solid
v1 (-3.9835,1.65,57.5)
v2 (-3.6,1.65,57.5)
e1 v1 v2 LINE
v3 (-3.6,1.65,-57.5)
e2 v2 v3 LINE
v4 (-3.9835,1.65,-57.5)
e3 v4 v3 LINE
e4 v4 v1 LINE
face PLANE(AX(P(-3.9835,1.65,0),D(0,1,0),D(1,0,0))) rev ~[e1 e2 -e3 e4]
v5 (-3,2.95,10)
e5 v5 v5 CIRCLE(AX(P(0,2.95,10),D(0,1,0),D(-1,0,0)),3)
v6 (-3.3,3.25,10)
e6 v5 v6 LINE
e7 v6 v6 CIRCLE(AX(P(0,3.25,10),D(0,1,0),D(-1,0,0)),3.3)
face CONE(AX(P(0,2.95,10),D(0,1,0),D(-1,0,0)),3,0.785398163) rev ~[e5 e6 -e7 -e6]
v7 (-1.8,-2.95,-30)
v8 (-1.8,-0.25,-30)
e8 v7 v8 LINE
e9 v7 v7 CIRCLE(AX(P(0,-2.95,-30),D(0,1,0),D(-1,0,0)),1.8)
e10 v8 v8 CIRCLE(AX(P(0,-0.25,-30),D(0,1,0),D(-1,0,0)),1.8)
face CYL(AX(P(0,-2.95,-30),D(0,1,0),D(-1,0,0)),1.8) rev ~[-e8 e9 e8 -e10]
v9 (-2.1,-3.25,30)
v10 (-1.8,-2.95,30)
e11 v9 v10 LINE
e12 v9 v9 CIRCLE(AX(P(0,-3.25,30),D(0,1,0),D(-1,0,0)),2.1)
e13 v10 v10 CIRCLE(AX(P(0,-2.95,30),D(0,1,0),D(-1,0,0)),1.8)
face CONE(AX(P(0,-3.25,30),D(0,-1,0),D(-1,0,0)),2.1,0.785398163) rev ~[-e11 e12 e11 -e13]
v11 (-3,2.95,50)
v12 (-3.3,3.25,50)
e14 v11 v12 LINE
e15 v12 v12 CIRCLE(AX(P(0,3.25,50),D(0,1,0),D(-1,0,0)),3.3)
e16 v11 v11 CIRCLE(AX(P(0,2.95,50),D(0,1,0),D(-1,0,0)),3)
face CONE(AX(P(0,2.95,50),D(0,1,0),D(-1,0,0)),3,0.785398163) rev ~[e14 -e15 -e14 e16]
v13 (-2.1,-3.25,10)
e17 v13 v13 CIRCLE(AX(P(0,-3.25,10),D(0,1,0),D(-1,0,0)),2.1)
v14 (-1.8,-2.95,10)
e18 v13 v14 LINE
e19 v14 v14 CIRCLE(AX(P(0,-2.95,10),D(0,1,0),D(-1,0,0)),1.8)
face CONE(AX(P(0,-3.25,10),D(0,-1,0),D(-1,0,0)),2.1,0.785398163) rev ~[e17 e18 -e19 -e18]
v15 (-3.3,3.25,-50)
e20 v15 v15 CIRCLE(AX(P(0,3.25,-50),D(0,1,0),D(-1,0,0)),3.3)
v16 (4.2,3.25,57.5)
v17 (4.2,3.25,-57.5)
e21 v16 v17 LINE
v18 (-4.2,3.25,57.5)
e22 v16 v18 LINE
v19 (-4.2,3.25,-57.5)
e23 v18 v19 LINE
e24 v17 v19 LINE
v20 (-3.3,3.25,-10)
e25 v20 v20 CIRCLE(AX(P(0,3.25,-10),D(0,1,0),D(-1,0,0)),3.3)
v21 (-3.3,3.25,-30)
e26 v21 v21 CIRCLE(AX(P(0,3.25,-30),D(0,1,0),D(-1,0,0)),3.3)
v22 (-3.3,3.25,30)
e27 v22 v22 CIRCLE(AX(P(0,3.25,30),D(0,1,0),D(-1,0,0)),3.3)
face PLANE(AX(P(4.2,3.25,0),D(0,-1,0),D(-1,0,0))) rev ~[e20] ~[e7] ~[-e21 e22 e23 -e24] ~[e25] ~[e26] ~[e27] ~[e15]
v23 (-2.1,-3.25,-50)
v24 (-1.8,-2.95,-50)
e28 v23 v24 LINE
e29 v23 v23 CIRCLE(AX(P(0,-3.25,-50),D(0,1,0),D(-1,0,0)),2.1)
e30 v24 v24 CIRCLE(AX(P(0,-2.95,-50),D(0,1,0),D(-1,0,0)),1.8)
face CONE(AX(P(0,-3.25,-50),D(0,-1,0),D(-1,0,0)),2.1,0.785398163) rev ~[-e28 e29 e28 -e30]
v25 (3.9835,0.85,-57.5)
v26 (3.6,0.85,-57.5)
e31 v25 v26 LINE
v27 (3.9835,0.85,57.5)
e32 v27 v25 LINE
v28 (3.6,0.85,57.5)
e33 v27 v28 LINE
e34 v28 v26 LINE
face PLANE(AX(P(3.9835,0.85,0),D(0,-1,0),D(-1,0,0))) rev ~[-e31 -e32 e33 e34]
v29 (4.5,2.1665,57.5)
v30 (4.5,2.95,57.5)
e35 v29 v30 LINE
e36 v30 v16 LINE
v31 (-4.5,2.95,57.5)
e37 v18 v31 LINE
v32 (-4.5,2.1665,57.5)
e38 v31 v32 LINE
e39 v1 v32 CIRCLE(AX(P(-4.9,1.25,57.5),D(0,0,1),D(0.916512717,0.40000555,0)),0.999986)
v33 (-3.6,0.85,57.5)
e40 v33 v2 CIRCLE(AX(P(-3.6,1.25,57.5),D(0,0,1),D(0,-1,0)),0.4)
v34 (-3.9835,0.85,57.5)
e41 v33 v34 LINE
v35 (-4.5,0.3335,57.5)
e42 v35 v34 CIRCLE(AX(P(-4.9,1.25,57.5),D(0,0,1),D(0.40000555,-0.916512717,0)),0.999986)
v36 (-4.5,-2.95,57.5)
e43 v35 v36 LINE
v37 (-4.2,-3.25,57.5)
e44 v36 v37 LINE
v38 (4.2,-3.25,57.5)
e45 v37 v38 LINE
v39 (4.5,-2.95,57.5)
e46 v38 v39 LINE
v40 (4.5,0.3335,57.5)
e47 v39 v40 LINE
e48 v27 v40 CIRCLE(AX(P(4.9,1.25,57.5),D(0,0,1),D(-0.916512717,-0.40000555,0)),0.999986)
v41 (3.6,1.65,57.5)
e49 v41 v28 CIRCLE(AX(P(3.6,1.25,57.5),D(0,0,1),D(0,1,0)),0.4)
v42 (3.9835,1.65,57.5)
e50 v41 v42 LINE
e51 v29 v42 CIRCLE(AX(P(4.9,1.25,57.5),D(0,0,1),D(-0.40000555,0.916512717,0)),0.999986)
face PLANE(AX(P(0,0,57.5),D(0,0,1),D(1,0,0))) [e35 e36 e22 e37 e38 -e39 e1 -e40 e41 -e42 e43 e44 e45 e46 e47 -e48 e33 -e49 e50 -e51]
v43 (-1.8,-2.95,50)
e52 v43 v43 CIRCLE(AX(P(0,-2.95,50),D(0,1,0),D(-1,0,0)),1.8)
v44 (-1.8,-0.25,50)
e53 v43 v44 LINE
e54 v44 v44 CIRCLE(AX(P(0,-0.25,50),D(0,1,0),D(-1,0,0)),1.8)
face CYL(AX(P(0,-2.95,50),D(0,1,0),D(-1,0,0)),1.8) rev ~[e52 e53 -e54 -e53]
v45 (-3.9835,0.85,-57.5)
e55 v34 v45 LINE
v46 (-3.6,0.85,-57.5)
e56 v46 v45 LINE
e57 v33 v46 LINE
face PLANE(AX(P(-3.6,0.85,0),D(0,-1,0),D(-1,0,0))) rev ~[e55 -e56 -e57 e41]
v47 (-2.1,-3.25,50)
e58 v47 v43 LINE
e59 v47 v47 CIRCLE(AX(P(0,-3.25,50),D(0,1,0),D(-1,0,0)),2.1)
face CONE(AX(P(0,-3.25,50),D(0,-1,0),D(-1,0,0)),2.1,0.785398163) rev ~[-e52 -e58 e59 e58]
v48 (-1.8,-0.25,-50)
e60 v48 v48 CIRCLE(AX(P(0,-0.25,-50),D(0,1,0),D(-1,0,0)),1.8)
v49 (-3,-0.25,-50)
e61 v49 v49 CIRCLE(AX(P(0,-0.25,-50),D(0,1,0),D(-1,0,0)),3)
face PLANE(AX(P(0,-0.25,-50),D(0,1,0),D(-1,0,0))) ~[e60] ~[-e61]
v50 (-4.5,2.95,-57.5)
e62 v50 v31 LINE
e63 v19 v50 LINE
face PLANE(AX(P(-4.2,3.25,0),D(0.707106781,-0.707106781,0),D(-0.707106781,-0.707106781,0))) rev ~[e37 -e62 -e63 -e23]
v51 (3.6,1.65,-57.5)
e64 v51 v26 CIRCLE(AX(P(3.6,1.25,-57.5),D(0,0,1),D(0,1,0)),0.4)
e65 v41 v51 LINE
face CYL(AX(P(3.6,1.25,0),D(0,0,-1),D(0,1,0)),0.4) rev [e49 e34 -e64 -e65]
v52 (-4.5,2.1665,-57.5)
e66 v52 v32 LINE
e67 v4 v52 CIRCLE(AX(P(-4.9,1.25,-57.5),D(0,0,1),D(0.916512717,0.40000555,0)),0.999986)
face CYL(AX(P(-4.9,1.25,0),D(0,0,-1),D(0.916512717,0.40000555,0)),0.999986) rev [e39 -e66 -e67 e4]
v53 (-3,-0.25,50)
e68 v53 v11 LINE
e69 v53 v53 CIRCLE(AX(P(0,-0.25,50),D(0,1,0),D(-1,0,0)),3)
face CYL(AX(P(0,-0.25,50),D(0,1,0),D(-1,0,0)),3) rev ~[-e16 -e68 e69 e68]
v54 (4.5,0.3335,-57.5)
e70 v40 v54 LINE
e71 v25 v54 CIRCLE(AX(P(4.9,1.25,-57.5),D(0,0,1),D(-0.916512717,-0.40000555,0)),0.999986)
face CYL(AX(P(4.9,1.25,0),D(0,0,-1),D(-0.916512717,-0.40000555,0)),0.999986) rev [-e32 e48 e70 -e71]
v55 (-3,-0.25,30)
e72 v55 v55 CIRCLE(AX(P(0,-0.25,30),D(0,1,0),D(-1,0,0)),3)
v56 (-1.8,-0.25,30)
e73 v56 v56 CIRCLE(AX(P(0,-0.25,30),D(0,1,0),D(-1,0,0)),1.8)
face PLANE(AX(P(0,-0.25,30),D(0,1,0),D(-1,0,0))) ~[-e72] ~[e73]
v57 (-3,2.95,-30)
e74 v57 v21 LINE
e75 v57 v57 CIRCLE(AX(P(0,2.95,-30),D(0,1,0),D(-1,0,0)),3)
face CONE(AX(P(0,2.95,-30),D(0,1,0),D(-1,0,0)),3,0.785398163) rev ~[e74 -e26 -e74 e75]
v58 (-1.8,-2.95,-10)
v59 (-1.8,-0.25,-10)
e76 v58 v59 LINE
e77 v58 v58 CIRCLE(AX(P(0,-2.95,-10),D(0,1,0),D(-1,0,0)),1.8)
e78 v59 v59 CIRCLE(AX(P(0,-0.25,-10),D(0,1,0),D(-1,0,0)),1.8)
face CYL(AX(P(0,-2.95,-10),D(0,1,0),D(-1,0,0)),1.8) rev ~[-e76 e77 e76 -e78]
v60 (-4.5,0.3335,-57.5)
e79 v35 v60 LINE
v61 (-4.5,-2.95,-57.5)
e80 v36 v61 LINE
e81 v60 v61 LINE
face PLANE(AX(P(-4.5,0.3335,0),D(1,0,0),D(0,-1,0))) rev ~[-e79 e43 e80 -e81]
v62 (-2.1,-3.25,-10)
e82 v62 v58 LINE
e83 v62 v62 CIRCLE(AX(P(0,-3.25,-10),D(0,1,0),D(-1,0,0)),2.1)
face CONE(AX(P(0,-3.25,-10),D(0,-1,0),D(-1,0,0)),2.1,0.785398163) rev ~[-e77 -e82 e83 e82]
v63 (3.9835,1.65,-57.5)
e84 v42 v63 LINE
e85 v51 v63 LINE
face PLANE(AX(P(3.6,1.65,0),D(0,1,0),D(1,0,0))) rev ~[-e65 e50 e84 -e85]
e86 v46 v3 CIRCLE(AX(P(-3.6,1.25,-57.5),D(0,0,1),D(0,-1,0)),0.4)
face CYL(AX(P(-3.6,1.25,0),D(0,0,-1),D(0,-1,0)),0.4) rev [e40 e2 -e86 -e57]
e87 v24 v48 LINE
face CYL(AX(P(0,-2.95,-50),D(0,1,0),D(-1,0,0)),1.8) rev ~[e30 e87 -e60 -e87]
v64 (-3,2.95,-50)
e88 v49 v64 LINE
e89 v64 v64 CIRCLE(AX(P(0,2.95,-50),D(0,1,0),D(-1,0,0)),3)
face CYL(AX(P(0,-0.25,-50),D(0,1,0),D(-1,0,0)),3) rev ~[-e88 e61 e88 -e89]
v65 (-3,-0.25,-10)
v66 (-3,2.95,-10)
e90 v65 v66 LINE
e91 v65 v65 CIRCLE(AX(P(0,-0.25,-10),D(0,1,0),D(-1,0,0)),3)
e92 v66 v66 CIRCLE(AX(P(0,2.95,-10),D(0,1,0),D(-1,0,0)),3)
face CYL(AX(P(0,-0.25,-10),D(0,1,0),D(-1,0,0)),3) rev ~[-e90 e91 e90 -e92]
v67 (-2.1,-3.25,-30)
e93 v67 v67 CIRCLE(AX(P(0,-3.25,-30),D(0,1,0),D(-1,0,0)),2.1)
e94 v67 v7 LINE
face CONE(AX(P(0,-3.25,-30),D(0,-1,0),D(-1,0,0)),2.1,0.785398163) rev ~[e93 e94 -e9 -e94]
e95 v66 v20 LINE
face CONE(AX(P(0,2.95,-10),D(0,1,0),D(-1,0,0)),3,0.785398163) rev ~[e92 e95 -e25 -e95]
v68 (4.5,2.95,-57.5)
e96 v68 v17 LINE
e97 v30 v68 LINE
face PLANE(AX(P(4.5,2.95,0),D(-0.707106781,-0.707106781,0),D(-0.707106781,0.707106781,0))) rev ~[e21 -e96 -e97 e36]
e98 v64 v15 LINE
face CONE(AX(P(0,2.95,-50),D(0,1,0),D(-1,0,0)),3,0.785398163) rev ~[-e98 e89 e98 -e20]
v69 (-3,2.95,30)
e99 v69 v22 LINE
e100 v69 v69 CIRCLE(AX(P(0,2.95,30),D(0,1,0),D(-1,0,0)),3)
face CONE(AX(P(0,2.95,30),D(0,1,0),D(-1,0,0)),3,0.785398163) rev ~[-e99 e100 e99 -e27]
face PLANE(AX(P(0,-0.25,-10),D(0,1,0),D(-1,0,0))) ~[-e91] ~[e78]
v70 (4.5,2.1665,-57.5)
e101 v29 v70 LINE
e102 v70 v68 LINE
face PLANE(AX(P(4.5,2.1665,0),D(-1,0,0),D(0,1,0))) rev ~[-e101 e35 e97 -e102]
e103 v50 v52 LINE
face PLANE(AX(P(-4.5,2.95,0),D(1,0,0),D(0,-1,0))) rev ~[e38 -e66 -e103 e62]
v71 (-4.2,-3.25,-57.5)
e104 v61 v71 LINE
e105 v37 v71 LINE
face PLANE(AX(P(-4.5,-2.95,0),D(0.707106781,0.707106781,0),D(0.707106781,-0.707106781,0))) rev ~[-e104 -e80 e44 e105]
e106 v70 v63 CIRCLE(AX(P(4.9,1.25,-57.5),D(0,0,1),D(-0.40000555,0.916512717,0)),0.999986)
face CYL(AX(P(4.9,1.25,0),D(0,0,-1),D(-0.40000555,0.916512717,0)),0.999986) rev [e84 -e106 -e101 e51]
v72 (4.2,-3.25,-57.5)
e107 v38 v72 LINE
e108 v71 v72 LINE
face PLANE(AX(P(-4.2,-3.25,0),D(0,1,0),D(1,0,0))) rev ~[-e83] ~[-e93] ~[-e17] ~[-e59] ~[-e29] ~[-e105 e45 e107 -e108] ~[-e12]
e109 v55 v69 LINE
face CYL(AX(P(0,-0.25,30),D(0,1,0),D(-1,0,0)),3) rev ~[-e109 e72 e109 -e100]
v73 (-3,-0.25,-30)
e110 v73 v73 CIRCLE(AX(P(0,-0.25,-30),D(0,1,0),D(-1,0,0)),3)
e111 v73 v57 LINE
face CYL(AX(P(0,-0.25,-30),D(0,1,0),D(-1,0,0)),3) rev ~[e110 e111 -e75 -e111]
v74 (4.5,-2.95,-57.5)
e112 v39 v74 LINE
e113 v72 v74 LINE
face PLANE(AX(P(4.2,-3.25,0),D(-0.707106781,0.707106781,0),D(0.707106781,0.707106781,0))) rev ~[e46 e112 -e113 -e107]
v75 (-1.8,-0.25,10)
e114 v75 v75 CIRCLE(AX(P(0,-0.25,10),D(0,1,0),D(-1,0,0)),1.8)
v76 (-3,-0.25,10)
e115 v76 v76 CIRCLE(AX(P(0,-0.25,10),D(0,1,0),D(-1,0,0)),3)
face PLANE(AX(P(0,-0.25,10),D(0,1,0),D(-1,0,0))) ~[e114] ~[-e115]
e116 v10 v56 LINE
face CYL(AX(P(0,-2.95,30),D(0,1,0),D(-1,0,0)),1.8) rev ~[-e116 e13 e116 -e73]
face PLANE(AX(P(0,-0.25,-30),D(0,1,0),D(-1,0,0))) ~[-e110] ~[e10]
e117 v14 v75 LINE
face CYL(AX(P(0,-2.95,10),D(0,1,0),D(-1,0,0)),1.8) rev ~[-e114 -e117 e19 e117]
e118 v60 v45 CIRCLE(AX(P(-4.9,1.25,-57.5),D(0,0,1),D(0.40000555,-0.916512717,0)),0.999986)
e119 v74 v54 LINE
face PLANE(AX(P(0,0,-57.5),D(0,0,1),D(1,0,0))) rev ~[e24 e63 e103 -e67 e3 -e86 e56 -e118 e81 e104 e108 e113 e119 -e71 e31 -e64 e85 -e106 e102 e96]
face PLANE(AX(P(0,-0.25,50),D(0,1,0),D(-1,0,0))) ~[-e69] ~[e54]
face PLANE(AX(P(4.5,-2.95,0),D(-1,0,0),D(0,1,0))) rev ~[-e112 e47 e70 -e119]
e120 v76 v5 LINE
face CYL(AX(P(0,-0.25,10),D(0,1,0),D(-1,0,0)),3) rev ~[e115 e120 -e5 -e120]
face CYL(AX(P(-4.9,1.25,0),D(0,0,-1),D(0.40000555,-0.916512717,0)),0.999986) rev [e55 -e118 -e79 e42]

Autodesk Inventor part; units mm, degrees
sketch "_____1" plane through (0, 0, 0) normal (0, 0, 1) x (1, 0, 0)
  line L0 (-4.5, 2.95) -> (-4.5, 2.1665)
  arc A0 (-3.9835, 1.65) -> (-4.5, 2.1665) centre (-4.9, 1.25) ccw
  line L1 (-3.9835, 1.65) -> (-3.6, 1.65)
  arc A1 (-3.6, 0.85) -> (-3.6, 1.65) centre (-3.6, 1.25) ccw
  line L2 (-3.6, 0.85) -> (-3.9835, 0.85)
  arc A2 (-4.5, 0.3335) -> (-3.9835, 0.85) centre (-4.9, 1.25) ccw
  line L3 (-4.5, 0.3335) -> (-4.5, -2.95)
  line L4 (-4.5, -2.95) -> (-4.2, -3.25)
  line L5 (-4.2, -3.25) -> (4.2, -3.25)
  line L6 (4.2, -3.25) -> (4.5, -2.95)
  line L7 (4.5, -2.95) -> (4.5, 0.3335)
  arc A3 (3.9835, 0.85) -> (4.5, 0.3335) centre (4.9, 1.25) ccw
  line L8 (3.9835, 0.85) -> (3.6, 0.85)
  arc A4 (3.6, 1.65) -> (3.6, 0.85) centre (3.6, 1.25) ccw
  line L9 (3.6, 1.65) -> (3.9835, 1.65)
  arc A5 (4.5, 2.1665) -> (3.9835, 1.65) centre (4.9, 1.25) ccw
  line L10 (4.5, 2.1665) -> (4.5, 2.95)
  line L11 (4.5, 2.95) -> (4.2, 3.25)
  line L12 (4.2, 3.25) -> (-4.2, 3.25)
  line L13 (-4.2, 3.25) -> (-4.5, 2.95)
extrude "Extrusion1" add sketch "_____1" along normal mid plane 115
sketch "_____5" plane through (0, 0, 50) normal (0, 0, 1) x (1, 0, 0)
  line L0 (0, 3.25) -> (0, -3.25)
  line L1 (0, -3.25) -> (-2.1, -3.25)
  line L2 (-2.1, -3.25) -> (-1.8, -2.95)
  line L3 (-1.8, -2.95) -> (-1.8, -0.25)
  line L4 (-1.8, -0.25) -> (-3, -0.25)
  line L5 (-3, -0.25) -> (-3, 2.95)
  line L6 (-3, 2.95) -> (-3.3, 3.25)
  line L7 (-3.3, 3.25) -> (0, 3.25)
  line L8 (0, 3.25) -> (0, -3.25)
revolve "Revolution1" cut sketch "_____5" angle 360 about axis through (0, 3.25, 50) along (0, 1, 0)
pattern_linear "Rectangular Pattern1" count 6 spacing 20 along (0, 0, -1) of "Revolution1"
ref_plane "to_block1_XY" through (0, -3.25, 0) normal (0, 0, 1) x (1, 0, 0)
ref_plane "to_block1_YZ" through (0, -3.25, 0) normal (1, 0, 0) x (0, 1, 0)
ref_plane "to_block1_ZX" through (0, -3.25, 0) normal (0, 1, 0) x (0, 0, 1)
properties part number "C-MLG9-115_r"
